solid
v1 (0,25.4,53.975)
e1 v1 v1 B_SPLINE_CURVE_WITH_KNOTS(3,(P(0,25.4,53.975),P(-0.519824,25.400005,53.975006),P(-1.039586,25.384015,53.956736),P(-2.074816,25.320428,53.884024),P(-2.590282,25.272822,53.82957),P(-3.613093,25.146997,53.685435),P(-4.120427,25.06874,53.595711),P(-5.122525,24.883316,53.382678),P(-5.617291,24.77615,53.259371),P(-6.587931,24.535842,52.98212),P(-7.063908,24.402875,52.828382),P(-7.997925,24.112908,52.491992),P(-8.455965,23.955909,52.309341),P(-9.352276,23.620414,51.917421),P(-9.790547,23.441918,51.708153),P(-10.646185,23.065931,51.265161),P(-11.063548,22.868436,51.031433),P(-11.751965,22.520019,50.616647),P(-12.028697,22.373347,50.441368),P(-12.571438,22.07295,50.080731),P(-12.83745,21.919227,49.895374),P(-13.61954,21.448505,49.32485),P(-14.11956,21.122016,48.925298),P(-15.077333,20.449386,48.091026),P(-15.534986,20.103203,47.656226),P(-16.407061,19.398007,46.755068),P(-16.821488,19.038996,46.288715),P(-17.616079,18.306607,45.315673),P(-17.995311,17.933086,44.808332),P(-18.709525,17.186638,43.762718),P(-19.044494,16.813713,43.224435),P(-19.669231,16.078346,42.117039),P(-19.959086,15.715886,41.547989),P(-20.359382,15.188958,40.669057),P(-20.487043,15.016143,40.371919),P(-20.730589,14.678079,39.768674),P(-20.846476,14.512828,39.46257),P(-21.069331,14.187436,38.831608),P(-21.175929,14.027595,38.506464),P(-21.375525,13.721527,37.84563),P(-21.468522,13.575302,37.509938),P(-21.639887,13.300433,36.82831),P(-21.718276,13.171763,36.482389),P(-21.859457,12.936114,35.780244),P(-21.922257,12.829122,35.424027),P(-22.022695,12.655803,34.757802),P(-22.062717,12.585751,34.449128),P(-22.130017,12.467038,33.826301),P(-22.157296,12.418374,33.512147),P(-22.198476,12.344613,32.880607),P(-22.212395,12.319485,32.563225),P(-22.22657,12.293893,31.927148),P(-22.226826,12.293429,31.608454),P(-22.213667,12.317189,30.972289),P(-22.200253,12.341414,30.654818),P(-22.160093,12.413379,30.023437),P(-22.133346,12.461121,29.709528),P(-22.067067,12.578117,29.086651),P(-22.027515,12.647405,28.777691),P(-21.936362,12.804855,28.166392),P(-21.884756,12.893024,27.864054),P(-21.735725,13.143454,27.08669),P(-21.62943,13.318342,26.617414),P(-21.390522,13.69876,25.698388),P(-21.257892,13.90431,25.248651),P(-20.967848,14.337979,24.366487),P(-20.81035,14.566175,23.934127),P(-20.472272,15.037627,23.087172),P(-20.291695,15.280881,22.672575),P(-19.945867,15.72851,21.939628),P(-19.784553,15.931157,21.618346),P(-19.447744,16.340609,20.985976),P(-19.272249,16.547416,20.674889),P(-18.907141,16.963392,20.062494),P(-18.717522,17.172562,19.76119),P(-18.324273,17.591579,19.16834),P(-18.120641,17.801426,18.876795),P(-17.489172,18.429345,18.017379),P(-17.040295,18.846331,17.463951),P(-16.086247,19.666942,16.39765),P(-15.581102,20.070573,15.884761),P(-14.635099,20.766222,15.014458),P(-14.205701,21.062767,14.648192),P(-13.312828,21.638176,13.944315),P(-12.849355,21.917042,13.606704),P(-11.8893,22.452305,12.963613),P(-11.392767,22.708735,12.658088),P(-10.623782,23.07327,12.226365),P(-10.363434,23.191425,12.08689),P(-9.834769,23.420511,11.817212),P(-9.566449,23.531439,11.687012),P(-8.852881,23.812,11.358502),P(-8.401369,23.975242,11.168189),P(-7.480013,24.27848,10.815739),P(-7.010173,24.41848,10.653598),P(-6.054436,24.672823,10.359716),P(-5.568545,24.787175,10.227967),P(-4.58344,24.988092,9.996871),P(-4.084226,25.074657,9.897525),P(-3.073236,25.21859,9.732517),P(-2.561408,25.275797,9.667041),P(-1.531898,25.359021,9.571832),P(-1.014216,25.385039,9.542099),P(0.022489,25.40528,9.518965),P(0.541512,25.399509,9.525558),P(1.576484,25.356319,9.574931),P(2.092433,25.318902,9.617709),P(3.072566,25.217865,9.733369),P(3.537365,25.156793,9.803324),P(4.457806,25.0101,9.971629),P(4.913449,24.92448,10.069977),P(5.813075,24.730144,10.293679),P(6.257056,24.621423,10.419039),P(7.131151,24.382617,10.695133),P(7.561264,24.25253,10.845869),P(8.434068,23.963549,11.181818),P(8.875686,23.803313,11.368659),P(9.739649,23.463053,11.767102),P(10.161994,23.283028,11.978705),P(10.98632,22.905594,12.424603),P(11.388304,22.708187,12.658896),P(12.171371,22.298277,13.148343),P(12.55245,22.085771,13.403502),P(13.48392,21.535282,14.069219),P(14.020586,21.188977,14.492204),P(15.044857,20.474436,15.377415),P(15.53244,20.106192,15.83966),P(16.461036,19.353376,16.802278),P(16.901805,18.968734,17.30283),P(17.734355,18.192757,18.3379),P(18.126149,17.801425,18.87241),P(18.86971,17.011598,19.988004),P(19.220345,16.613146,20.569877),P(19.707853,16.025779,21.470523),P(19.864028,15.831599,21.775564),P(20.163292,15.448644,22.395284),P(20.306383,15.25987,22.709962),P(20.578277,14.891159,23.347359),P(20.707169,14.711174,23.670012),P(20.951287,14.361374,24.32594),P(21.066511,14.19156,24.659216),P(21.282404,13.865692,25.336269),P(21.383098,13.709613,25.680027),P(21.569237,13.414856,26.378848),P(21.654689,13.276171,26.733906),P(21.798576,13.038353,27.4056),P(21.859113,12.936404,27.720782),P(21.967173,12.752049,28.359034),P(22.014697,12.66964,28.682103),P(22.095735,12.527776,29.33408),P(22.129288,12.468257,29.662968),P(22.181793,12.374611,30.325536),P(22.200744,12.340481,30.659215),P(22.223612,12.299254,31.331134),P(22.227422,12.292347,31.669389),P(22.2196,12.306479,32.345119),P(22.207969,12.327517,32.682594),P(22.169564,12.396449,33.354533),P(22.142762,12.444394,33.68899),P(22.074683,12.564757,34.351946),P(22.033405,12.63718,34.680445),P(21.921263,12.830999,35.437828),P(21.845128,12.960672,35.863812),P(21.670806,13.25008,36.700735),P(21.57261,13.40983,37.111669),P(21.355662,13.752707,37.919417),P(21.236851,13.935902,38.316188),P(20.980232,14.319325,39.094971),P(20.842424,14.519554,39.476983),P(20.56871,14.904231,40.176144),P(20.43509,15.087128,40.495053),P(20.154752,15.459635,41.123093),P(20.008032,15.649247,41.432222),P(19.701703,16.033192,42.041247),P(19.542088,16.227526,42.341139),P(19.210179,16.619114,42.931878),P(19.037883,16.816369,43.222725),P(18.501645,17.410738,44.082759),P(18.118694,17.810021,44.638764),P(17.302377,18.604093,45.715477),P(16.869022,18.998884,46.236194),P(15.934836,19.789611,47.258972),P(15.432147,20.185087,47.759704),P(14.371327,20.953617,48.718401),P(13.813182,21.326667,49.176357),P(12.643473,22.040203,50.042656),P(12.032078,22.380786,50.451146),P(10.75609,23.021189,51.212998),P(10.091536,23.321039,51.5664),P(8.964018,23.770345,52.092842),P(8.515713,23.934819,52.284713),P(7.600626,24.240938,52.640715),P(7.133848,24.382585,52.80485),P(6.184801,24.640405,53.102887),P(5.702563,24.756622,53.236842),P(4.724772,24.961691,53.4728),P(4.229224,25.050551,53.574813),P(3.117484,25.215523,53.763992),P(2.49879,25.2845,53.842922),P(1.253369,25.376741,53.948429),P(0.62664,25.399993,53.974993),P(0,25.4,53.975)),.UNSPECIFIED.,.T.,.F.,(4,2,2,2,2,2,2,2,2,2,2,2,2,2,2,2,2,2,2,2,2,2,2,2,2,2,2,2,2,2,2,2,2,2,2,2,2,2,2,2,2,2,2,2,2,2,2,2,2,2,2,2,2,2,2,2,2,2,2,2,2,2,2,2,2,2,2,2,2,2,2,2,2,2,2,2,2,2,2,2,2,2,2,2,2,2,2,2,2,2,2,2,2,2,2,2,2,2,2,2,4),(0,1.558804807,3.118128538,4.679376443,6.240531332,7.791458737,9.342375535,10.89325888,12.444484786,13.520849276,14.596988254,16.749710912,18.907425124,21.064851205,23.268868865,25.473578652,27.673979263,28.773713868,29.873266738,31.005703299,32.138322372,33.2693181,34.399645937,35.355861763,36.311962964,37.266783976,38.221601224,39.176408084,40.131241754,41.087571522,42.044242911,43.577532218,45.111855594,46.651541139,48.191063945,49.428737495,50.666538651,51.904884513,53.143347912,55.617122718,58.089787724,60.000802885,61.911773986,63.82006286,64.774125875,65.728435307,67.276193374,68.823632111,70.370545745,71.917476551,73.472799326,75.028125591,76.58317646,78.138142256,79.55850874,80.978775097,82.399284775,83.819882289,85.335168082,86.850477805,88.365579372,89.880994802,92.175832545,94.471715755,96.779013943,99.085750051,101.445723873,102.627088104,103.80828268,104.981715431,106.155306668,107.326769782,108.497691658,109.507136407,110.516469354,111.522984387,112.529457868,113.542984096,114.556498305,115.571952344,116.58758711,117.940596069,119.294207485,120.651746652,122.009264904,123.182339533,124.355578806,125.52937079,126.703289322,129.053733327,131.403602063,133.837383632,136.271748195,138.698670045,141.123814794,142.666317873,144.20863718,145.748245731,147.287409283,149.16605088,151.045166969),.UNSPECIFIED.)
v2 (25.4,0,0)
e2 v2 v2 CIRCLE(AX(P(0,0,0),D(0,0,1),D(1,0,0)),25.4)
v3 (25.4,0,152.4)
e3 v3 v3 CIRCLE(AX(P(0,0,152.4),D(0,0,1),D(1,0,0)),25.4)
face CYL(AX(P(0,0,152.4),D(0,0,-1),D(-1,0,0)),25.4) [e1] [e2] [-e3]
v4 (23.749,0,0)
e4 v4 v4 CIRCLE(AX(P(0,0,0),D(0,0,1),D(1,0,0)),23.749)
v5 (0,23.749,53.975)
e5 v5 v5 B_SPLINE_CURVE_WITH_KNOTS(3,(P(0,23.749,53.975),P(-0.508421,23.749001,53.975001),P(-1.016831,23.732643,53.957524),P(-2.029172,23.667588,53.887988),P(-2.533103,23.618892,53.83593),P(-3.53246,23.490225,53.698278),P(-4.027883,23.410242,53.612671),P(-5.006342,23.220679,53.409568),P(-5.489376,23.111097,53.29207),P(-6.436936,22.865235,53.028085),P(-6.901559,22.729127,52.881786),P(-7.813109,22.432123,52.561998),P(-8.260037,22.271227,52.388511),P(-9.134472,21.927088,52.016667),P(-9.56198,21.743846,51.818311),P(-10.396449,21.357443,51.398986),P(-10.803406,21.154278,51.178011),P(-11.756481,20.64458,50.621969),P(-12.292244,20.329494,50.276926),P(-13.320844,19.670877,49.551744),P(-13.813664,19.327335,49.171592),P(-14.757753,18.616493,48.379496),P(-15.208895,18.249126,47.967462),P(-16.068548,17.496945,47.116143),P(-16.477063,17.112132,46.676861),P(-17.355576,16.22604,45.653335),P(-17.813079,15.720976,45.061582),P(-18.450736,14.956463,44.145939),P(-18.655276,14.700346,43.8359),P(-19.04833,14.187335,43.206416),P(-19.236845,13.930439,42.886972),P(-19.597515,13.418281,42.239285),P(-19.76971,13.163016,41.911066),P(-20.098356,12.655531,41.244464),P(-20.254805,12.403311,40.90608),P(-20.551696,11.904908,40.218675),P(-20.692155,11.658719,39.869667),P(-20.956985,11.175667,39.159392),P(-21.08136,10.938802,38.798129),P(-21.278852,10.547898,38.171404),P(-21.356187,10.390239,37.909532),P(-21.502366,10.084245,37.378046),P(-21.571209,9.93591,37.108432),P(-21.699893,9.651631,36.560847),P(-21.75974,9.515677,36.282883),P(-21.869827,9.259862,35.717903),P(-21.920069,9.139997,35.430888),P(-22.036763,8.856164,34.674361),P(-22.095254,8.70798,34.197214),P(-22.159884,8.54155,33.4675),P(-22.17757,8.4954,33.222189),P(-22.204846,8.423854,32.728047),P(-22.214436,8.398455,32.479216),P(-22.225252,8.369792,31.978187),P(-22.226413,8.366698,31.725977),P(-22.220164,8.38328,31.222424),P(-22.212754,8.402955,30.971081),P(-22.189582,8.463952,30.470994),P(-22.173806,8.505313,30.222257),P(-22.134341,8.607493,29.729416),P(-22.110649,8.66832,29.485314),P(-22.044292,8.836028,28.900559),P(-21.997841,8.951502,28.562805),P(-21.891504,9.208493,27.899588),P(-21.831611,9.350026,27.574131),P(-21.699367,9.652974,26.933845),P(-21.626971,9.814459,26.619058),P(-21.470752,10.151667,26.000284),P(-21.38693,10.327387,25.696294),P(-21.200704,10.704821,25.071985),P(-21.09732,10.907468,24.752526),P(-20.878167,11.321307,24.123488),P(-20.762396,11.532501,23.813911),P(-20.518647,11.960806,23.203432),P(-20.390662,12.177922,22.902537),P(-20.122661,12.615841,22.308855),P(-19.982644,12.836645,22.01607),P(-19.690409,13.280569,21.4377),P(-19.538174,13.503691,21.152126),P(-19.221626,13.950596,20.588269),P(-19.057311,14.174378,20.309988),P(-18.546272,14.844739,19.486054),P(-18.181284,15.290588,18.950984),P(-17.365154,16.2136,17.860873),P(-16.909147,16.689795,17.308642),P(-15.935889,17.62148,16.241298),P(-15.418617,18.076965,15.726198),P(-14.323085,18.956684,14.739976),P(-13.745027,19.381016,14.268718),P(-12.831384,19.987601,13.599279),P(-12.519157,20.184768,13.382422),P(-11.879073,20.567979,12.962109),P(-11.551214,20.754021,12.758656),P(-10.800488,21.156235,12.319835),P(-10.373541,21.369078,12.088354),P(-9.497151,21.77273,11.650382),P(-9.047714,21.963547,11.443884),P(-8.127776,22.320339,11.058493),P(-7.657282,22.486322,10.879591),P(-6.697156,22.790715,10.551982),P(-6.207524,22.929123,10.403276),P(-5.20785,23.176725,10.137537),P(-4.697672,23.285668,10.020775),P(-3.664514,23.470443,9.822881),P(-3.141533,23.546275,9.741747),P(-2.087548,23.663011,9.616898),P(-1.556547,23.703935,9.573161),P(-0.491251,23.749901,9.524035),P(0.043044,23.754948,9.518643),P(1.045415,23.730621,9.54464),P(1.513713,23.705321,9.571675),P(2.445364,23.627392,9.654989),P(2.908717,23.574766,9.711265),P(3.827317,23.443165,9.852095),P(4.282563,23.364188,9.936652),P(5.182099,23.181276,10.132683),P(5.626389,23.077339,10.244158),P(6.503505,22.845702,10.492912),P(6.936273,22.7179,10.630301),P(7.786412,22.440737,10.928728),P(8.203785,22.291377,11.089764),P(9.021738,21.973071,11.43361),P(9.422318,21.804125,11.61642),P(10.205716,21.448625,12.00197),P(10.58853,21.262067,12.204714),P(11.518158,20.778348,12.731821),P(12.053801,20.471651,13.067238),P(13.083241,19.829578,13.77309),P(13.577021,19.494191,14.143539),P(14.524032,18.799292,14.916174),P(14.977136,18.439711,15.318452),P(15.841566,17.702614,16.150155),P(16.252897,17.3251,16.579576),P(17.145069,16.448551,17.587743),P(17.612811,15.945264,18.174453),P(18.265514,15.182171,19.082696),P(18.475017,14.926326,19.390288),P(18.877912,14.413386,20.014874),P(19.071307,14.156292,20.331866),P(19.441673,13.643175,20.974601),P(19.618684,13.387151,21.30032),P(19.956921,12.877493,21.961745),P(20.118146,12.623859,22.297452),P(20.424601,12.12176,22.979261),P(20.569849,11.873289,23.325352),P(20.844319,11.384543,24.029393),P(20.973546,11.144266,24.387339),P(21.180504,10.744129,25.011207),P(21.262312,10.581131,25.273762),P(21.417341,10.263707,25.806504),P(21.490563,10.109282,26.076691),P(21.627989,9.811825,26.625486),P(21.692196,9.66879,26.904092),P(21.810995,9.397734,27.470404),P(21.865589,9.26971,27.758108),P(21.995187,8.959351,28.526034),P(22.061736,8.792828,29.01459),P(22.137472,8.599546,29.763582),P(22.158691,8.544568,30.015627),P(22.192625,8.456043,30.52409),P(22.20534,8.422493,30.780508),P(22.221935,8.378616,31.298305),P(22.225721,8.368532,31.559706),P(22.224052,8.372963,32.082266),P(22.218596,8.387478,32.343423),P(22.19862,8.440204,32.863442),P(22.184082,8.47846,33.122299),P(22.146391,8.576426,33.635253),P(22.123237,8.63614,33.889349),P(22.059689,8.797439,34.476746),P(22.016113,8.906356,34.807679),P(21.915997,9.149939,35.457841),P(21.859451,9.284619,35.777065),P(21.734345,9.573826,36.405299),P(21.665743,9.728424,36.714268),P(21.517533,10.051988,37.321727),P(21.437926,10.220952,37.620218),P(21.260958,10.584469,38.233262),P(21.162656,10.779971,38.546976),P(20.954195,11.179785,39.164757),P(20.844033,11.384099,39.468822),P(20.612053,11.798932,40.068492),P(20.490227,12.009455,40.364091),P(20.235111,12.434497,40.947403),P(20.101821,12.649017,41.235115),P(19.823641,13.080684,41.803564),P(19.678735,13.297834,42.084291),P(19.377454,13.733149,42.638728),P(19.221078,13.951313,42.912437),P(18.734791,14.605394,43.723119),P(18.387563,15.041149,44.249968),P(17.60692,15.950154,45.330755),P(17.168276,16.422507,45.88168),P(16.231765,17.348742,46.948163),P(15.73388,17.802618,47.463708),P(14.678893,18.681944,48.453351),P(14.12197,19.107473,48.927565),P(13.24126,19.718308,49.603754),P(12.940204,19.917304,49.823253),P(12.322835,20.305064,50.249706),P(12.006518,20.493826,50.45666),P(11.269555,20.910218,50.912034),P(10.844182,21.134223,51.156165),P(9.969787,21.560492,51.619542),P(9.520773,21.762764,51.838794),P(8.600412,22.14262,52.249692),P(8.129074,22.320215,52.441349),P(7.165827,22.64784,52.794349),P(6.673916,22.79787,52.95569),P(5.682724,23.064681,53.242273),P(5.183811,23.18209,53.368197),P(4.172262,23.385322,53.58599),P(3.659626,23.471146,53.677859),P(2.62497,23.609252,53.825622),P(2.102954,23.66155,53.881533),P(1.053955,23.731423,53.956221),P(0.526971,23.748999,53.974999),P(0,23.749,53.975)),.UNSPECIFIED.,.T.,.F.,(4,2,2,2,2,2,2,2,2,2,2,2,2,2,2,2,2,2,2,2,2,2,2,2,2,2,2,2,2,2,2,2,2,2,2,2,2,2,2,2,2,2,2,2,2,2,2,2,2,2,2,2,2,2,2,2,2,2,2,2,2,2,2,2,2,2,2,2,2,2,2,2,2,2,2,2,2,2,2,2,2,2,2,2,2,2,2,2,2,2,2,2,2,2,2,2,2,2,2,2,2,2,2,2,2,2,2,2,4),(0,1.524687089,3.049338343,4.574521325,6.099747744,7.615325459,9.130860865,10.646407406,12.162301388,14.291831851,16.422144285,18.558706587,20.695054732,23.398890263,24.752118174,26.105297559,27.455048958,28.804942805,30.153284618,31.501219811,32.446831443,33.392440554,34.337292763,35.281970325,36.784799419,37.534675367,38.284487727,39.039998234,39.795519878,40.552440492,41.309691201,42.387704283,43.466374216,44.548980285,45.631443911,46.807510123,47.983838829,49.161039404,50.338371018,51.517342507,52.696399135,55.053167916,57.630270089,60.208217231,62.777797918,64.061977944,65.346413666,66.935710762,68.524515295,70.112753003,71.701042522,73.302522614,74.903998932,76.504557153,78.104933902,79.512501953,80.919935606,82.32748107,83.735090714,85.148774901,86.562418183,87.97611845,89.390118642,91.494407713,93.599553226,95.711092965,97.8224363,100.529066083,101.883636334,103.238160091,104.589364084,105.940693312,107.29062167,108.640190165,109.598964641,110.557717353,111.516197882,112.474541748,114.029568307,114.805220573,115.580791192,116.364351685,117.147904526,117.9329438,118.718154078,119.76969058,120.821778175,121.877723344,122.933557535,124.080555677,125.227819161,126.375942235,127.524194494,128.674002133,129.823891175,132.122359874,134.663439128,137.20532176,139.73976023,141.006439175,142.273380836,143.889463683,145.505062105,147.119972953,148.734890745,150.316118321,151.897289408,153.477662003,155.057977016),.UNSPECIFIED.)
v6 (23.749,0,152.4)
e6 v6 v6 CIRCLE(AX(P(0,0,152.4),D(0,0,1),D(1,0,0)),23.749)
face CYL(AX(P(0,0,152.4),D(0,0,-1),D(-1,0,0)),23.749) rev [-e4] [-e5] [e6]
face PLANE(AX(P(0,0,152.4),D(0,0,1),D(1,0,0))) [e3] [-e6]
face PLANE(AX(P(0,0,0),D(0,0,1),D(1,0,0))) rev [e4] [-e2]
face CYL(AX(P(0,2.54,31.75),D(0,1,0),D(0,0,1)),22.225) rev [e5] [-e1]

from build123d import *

# Parameters (mm, degrees)
SKETCH1_R           = 25.4
SKETCH1_R_2         = 23.749
BOSS_EXTRUDE1_DEPTH = 152.4
SKETCH2_R           = 22.225
CUT_EXTRUDE2_DEPTH  = 22.86


with BuildPart() as part:
    # Sketch1 → Boss-Extrude1 (new body)
    with BuildSketch(Plane.XY):
        with Locations(Location((0, 0, 0), (0, 0, 180))):
            Circle(SKETCH1_R)
        with Locations(Location((0, 0, 0), (0, 0, 180))):
            Circle(SKETCH1_R_2, mode=Mode.SUBTRACT)
    extrude(amount=BOSS_EXTRUDE1_DEPTH)

    # Sketch2 → Cut-Extrude2 (cut)
    with BuildSketch(Plane(origin=(0, 25.4, 0), x_dir=(-1, 0, 0), z_dir=(0, 1, 0))):
        with Locations(Location((0, 31.75, 0), (0, 0, 90))):
            Circle(SKETCH2_R)
    extrude(amount=-CUT_EXTRUDE2_DEPTH, mode=Mode.SUBTRACT)


solid = part.part
